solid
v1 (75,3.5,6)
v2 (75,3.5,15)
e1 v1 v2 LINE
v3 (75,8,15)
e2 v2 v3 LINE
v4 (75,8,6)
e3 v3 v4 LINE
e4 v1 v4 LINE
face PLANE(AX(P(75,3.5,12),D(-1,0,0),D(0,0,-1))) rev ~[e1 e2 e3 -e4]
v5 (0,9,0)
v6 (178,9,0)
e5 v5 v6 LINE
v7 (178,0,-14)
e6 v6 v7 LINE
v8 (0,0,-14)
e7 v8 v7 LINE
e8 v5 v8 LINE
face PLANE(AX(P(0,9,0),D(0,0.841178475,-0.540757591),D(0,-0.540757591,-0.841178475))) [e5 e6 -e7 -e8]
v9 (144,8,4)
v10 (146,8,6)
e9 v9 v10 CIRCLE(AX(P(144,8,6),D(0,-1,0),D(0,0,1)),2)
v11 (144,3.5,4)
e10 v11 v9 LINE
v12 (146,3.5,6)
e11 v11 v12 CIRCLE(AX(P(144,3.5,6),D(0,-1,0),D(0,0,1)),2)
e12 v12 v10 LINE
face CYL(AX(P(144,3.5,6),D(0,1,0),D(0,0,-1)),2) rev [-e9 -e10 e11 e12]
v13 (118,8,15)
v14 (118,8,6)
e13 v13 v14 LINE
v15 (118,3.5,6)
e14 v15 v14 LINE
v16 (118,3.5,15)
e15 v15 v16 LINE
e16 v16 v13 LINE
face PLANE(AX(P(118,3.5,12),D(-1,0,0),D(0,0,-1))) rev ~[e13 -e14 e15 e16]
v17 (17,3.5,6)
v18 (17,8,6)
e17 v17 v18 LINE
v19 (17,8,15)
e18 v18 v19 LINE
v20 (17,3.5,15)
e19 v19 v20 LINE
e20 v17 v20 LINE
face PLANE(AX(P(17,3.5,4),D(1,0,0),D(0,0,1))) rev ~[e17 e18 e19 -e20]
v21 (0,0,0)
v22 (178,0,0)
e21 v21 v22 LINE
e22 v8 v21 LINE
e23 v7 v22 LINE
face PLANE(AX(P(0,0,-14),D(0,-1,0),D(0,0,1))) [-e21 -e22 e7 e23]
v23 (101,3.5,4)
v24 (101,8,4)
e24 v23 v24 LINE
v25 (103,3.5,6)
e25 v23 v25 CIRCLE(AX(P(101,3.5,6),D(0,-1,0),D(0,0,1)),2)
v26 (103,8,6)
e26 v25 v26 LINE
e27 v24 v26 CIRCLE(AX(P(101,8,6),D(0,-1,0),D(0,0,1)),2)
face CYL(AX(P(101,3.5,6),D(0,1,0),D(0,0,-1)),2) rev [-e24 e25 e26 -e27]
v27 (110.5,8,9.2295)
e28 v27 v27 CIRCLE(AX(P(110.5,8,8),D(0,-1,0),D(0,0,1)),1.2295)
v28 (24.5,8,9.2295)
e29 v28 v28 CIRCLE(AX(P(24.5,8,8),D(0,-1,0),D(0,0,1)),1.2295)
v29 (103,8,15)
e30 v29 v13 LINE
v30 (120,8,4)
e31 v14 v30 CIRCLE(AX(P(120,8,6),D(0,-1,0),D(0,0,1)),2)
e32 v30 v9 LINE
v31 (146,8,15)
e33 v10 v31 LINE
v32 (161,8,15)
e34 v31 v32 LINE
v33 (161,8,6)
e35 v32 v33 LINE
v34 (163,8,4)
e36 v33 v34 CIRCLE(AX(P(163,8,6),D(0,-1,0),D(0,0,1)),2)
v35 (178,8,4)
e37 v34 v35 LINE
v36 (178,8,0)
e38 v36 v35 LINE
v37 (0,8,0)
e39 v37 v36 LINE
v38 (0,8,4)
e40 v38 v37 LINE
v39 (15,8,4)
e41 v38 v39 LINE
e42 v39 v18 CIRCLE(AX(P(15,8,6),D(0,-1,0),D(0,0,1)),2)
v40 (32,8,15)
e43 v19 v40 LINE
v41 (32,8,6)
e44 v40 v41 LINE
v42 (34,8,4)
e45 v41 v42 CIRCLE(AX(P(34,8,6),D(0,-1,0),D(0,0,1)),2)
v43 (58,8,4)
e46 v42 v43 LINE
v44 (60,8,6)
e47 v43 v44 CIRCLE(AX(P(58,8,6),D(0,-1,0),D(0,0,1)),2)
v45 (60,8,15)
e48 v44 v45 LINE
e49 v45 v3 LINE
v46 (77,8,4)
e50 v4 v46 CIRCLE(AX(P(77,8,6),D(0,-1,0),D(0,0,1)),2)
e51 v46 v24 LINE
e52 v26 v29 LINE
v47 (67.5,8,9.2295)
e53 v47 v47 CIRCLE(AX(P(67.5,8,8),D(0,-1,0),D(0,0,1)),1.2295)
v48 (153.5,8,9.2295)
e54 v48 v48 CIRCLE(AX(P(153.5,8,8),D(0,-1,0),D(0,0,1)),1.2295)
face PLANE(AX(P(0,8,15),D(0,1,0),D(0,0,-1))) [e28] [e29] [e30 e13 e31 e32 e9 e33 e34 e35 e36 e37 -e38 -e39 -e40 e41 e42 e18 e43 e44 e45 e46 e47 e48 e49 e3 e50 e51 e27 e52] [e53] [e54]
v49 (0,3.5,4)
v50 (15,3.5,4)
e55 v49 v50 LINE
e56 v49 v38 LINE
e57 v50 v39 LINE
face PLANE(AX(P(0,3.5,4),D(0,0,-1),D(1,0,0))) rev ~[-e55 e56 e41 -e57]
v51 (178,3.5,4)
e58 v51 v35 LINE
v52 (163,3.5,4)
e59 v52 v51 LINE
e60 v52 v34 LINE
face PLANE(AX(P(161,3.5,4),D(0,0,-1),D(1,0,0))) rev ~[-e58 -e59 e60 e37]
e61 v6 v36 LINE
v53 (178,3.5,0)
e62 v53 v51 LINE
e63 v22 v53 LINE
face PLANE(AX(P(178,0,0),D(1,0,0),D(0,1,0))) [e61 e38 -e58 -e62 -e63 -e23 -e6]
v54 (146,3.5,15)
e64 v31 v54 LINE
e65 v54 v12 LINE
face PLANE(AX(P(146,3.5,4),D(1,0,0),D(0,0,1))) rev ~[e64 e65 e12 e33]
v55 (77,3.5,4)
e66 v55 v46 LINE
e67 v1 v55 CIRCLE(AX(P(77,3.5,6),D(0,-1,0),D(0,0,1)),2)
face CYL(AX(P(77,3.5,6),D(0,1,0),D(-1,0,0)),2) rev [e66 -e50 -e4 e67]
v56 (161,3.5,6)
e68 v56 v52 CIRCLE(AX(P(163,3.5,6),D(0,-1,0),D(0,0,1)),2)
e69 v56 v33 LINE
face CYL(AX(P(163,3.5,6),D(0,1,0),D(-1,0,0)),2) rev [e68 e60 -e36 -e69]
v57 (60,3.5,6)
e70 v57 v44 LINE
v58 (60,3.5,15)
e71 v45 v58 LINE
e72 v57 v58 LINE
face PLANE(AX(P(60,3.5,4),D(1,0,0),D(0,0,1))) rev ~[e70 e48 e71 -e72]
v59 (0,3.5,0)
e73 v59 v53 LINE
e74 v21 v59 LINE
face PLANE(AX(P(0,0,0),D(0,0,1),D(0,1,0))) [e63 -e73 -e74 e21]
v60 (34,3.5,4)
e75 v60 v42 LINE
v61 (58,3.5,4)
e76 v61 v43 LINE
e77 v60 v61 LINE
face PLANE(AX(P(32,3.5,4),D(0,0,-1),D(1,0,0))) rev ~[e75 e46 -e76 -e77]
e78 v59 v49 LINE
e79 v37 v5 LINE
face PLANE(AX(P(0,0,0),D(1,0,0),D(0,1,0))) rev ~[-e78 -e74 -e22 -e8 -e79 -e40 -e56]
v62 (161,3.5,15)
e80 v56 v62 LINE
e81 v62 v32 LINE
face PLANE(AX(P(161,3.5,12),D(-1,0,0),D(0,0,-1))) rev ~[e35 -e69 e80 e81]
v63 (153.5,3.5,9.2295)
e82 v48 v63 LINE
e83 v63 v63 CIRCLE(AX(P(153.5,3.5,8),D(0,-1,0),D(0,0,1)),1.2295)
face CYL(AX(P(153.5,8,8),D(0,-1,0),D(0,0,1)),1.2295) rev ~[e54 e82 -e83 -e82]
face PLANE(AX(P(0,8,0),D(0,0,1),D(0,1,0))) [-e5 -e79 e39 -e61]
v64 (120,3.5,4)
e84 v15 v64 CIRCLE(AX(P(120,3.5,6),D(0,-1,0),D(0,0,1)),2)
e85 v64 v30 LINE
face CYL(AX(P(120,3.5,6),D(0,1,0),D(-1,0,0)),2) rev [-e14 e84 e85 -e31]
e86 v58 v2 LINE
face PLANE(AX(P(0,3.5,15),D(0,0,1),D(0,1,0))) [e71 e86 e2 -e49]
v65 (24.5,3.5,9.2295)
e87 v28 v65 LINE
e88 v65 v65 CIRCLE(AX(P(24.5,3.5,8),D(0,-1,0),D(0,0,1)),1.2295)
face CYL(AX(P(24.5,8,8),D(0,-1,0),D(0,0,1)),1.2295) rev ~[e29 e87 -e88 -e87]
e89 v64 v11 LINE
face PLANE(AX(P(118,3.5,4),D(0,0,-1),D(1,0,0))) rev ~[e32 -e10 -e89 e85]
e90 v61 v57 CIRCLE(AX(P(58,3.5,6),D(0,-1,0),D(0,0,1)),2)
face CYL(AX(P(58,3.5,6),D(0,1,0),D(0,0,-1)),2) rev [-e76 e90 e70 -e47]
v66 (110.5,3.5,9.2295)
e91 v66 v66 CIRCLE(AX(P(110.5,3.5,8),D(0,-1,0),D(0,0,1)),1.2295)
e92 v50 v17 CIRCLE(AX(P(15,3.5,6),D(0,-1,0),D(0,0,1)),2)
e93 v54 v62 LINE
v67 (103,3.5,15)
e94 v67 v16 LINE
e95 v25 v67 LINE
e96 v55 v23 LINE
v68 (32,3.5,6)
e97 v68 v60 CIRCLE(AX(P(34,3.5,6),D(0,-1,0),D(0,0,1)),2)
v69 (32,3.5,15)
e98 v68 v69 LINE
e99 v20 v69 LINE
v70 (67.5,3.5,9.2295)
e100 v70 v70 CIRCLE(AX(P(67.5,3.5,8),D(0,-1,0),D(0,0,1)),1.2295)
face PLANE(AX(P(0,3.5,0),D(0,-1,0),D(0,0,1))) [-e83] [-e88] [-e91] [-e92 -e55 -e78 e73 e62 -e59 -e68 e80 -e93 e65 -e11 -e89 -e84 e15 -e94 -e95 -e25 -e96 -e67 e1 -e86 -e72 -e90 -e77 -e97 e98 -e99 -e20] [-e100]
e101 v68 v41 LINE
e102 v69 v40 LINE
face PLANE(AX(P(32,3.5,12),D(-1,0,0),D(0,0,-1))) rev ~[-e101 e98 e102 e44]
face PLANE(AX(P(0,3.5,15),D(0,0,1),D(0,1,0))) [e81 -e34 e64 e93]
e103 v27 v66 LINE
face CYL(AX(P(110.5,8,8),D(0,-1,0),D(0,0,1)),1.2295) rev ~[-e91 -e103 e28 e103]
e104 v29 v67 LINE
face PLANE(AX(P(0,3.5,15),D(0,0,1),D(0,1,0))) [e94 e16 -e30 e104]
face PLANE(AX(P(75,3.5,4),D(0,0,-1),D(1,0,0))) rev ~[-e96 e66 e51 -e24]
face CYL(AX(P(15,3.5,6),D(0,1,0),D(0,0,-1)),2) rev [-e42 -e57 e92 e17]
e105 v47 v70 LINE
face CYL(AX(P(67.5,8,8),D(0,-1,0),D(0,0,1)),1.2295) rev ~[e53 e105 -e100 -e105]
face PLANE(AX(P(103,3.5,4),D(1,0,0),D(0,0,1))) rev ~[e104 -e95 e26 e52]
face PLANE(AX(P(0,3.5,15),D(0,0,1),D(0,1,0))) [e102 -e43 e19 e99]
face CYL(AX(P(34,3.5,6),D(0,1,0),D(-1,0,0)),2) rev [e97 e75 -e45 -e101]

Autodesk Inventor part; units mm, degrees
ref_plane "YZ Plane" through (0, 0, 0) normal (1, 0, 0) x (0, 1, 0)
ref_plane "XZ Plane" through (0, 0, 0) normal (0, 1, 0) x (-1, 0, 0)
ref_plane "XY Plane" through (0, 0, 0) normal (0, 0, 1) x (1, 0, 0)
sketch "Sketch3" plane through (0, 0, 0) normal (1, 0, 0) x (0, 1, 0)
  line L0 (0, 0) -> (9, 0)
  line L1 (9, 0) -> (9, -14)
  line L2 (9, -14) -> (0, -14)
  line L3 (0, -14) -> (0, 0)
  line L4 (9, 0) -> (0, -14)
  line L5 (8, 0) -> (3.5, 0)
  line L6 (3.5, 0) -> (3.5, 15)
  line L7 (3.5, 15) -> (8, 15)
  line L8 (8, 15) -> (8, 0)
  line L9 (8.5, 0) -> (8, 0)
  line L10 (8, 0) -> (8, 4)
  point P0 (3.5, 0)
  dimension "d30" = 15
  dimension "d31" = 4.5
  dimension "d63" = 9
  dimension "d141" = 32.735
  dimension "d142" = 14
  dimension "d143" = 3.5
  dimension "d144" = 1
extrude "Extrusion2" add sketch "Sketch3" along normal blind 178 contours L0 L4 L3 | L6 L7 L8 L0
sketch "Sketch10" plane through (0, 3.5, -14) normal (0, -1, 0) x (1, 0, 0)
  line L0 (0, 14) -> (0, 26)
  line L1 (0, 26) -> (178, 26)
  line L2 (178, 14) -> (178, 26)
  line L3 (0, 14) -> (0, 18)
  line L4 (0, 18) -> (17, 18)
  line L5 (17, 18) -> (17, 26)
  line L6 (17, 26) -> (0, 26)
  line L7 (0, 26) -> (0, 18)
  line L8 (0, 18) -> (178, 18)
  line L9 (178, 26) -> (161, 26)
  line L10 (161, 26) -> (161, 18)
  line L11 (161, 18) -> (178, 18)
  line L12 (178, 18) -> (178, 26)
  line L13 (17, 26) -> (32, 26)
  line L14 (32, 26) -> (32, 18)
  line L15 (32, 18) -> (17, 18)
  line L16 (17, 18) -> (17, 26)
  line L17 (60, 26) -> (75, 26)
  line L18 (75, 26) -> (75, 18)
  line L19 (75, 18) -> (60, 18)
  line L20 (60, 18) -> (60, 26)
  line L21 (103, 26) -> (118, 26)
  line L22 (118, 26) -> (118, 18)
  line L23 (118, 18) -> (103, 18)
  line L24 (103, 18) -> (103, 26)
  line L25 (146, 26) -> (161, 26)
  line L26 (161, 26) -> (161, 18)
  line L27 (161, 18) -> (146, 18)
  line L28 (146, 18) -> (146, 26)
  line L29 (17, 26) -> (32, 18)
  line L30 (32, 26) -> (17, 18)
  line L31 (60, 26) -> (75, 18)
  line L32 (75, 26) -> (60, 18)
  line L33 (103, 26) -> (118, 18)
  line L34 (118, 26) -> (103, 18)
  line L35 (146, 26) -> (161, 18)
  line L36 (161, 26) -> (146, 18)
  line L37 (0, 14) -> (178, 14)
  line L38 (178, 26) -> (161, 26)
  line L39 (161, 26) -> (161, 33.1494)
  line L40 (161, 33.1494) -> (178, 33.1494)
  line L41 (178, 33.1494) -> (178, 26)
  line L42 (146, 26) -> (118, 26)
  line L43 (118, 26) -> (118, 37.5544)
  line L44 (118, 37.5544) -> (146, 37.5544)
  line L45 (146, 37.5544) -> (146, 26)
  line L46 (103, 26) -> (75, 26)
  line L47 (75, 26) -> (75, 36.0625)
  line L48 (75, 36.0625) -> (103, 36.0625)
  line L49 (103, 36.0625) -> (103, 26)
  line L50 (60, 26) -> (32, 26)
  line L51 (32, 26) -> (32, 34.4304)
  line L52 (32, 34.4304) -> (60, 34.4304)
  line L53 (60, 34.4304) -> (60, 26)
  line L54 (17, 26) -> (0, 26)
  line L55 (0, 26) -> (0, 37.0756)
  line L56 (0, 37.0756) -> (17, 37.0756)
  line L57 (17, 37.0756) -> (17, 26)
  point P0 (118, 26)
  point P1 (24.5, 22)
  point P2 (67.5, 22)
  point P3 (110.5, 22)
  point P4 (153.5, 22)
  dimension "d118" = 17
  dimension "d119" = 17
  dimension "d120" = 15
  dimension "d121" = 15
  dimension "d122" = 15
  dimension "d123" = 15
  dimension "d124" = 0
  dimension "d125" = 0
  dimension "d126" = 28
  dimension "d129" = 28
  dimension "d130" = 28
extrude "Extrusion5" cut sketch "Sketch10" against normal up to next contours L0 L1 L5 L4 | L55 L56 L57 L1 | L8 L10 L1 L2 | L14 L1 L20 L8 | L1 L39 L40 L41 | L51 L52 L53 L1 | L8 L22 L1 L28 | L18 L1 L24 L8 | L1 L43 L44 L45 | L47 L48 L49 L1
fillet "Fillet3" radius 2 8 edges at (161, 5.75, 4) (146, 5.75, 4) (118, 5.75, 4) (103, 5.75, 4) (75, 5.75, 4) (60, 5.75, 4) (32, 5.75, 4) (17, 5.75, 4)
sketch "Sketch11" plane through (0, 8, 0) normal (0, 1, 0) x (1, 0, 0)
  point P0 (0, 0)
  point P1 (24.5, -8)
  point P2 (67.5, -8)
  point P3 (110.5, -8)
  point P4 (153.5, -8)
hole "Hole5" at (24.5, 8, 8) at (67.5, 8, 8) at (110.5, 8, 8) at (153.5, 8, 8) direction (0, -1, 0) diameter 2.459 depth 8.8 thread size "M3x0.5" class "6H" standard "ISO Metric profile"
equation "\"d126\" = d130"
equation "\"d129\" = d130"
properties part number "plog" material "Steel, Alloy"
